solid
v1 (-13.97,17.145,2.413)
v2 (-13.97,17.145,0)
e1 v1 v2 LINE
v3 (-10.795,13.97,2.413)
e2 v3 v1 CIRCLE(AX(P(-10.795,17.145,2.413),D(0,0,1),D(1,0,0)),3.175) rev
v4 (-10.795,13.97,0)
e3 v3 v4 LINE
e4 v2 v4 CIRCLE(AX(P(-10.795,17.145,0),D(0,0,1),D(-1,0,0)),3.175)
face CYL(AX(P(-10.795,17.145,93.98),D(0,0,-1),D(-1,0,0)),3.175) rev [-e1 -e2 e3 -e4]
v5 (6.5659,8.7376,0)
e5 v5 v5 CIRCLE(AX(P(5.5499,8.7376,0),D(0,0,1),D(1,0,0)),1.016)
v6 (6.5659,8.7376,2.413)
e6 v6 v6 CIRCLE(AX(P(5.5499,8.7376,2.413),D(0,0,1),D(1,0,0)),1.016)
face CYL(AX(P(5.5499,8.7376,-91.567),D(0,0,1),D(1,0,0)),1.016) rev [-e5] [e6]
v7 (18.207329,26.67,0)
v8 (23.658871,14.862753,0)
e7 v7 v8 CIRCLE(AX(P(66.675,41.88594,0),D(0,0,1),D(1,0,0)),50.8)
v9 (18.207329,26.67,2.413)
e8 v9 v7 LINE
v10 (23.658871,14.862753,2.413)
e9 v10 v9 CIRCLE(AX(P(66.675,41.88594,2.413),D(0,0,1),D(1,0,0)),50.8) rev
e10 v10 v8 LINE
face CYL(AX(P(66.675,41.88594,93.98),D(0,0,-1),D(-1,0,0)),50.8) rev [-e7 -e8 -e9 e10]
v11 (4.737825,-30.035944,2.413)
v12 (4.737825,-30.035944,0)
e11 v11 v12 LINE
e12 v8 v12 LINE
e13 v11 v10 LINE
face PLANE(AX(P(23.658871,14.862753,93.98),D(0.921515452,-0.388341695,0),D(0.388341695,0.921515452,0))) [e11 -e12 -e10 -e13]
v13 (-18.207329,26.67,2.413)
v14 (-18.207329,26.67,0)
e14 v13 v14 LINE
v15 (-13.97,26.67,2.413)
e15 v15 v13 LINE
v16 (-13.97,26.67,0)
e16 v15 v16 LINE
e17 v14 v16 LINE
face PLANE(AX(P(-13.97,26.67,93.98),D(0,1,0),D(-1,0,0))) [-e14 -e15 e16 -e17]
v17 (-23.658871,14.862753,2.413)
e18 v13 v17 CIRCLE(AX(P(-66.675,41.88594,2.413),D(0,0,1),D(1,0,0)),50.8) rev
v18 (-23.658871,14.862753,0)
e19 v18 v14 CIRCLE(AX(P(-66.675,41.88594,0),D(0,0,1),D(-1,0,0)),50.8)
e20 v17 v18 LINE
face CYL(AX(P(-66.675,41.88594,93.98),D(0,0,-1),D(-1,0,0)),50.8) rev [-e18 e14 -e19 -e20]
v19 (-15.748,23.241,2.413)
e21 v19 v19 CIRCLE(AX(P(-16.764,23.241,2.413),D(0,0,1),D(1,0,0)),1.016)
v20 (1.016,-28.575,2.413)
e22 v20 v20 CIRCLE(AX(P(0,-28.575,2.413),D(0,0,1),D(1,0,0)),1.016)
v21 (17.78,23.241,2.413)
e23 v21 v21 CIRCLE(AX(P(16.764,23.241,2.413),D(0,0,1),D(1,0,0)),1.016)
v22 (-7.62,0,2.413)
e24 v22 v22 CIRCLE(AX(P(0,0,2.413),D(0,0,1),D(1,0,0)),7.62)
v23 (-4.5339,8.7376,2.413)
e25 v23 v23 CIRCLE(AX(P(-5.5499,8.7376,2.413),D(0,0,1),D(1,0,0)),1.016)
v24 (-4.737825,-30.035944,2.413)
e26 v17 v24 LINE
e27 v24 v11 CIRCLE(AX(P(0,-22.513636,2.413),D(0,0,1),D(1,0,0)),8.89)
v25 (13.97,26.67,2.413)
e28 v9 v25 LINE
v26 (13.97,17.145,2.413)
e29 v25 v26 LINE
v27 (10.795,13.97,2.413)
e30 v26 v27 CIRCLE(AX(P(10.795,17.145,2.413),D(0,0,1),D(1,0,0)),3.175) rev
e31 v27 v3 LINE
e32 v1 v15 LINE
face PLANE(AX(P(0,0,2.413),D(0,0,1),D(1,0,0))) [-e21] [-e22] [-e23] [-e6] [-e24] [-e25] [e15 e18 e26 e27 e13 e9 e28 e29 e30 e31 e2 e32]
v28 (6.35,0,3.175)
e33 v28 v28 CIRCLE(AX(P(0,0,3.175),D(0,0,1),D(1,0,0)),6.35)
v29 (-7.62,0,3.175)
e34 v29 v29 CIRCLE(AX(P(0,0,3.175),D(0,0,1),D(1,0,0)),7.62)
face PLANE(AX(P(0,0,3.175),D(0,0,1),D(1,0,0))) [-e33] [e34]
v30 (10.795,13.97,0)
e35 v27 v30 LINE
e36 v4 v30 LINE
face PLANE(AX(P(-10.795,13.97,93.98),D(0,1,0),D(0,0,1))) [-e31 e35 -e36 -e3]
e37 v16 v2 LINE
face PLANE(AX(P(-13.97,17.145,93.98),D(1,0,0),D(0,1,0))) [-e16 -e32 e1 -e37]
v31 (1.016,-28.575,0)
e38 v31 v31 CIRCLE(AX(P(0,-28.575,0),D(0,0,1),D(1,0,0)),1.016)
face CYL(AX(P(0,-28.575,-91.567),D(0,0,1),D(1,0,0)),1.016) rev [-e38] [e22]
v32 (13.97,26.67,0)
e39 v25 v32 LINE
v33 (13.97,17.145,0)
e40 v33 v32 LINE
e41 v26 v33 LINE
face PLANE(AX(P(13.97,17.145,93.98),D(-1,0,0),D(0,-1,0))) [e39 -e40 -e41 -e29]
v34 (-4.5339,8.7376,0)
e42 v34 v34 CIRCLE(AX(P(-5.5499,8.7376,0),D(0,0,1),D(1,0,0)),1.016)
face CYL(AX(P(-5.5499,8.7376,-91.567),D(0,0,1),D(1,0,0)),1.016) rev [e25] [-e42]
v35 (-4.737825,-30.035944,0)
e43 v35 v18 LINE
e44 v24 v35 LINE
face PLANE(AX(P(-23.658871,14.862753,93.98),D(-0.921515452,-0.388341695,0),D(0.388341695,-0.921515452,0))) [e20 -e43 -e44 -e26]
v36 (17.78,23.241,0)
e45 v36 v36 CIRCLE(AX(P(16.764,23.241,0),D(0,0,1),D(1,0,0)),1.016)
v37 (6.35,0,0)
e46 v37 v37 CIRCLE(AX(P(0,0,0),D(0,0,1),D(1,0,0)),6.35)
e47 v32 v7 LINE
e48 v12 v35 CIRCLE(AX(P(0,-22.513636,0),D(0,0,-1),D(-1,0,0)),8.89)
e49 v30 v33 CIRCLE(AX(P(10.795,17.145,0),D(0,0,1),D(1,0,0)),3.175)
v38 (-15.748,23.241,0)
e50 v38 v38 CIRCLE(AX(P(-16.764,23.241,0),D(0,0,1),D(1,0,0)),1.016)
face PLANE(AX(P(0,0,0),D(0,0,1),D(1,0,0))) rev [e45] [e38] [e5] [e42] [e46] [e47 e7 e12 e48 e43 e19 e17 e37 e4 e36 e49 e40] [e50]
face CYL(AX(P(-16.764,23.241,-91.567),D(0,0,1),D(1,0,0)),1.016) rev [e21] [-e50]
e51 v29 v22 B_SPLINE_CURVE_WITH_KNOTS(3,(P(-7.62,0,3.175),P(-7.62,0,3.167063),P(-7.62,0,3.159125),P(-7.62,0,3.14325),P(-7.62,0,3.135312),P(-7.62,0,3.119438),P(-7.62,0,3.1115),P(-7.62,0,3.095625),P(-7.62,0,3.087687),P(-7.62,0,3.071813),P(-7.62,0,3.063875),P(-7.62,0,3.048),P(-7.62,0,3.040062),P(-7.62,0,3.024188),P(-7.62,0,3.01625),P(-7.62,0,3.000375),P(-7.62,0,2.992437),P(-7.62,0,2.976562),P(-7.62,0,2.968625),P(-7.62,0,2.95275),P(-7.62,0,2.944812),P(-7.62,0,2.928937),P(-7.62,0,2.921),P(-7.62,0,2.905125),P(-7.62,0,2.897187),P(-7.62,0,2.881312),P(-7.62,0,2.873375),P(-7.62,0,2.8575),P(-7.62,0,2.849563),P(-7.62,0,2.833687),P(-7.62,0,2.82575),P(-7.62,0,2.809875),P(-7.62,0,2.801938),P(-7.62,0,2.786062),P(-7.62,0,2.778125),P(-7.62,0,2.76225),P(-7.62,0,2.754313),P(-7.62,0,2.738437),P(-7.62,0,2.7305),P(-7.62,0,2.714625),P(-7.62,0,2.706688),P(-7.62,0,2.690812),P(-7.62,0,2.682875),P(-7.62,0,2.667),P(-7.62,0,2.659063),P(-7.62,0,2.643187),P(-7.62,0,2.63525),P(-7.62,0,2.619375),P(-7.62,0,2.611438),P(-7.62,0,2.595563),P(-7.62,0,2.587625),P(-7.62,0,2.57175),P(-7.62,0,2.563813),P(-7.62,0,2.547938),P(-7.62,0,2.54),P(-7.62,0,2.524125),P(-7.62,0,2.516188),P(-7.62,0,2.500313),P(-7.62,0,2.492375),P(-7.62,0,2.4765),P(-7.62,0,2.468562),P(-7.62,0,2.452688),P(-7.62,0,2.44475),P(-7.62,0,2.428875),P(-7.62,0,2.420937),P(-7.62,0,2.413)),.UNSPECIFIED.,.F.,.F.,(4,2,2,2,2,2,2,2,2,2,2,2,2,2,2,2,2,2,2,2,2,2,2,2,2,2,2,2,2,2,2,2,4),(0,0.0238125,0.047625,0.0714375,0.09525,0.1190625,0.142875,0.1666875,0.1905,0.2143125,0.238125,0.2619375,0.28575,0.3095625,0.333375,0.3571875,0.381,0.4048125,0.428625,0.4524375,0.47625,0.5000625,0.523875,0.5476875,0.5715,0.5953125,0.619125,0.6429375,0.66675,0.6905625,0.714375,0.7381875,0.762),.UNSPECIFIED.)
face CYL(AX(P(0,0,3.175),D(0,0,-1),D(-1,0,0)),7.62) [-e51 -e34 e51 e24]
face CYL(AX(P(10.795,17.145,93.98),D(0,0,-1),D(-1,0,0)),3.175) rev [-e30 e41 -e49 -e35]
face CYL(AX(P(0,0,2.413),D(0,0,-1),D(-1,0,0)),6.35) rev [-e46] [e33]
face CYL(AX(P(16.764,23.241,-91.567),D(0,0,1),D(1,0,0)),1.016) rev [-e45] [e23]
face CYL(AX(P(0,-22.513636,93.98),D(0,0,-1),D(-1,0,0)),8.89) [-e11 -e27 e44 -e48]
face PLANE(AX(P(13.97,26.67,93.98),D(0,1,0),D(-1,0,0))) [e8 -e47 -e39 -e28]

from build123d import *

# Parameters (mm, degrees)
SKETCH1_R           = 76.2
SKETCH1_R_2         = 6.35
BOSS_EXTRUDE1_DEPTH = 2.413
SKETCH2_R           = 7.62
SKETCH2_R_2         = 6.35
BOSS_EXTRUDE3_DEPTH = 0.762
SKETCH4_R           = 76.257533764
CUT_EXTRUDE1_DEPTH  = 93.98
SKETCH5_R           = 1.016
CUT_EXTRUDE2_DEPTH  = 93.98


with BuildPart() as part:
    # Sketch1 → Boss-Extrude1 (new body)
    with BuildSketch(Plane.XY):
        Circle(SKETCH1_R)
        Circle(SKETCH1_R_2, mode=Mode.SUBTRACT)
    extrude(amount=BOSS_EXTRUDE1_DEPTH)

    # Sketch2 → Boss-Extrude3 (add)
    with BuildSketch(Plane.XY.offset(2.413)):
        with Locations(Location((0, 0, 0), (0, 0, 180))):
            Circle(SKETCH2_R)
        Circle(SKETCH2_R_2, mode=Mode.SUBTRACT)
    extrude(amount=BOSS_EXTRUDE3_DEPTH)

    # Sketch4 → Cut-Extrude1 (cut)
    with BuildSketch(Plane(origin=(0, 0, 0), x_dir=(-1, 0, 0), z_dir=(0, 0, -1))):
        Circle(SKETCH4_R)
        with BuildLine():
            Line((10.795, 13.97), (-10.795, 13.97))
            ThreePointArc((-10.795, 13.97), (-13.04006403, 14.89993597), (-13.97, 17.145))
            Line((-13.97, 17.145), (-13.97, 26.67))
            Line((-13.97, 26.67), (-18.20732863, 26.67))
            ThreePointArc((-18.20732863, 26.67), (-20.55370118, 20.591203739), (-23.658870968, 14.862752926))
            Line((-23.658870968, 14.862752926), (-4.737825132, -30.035944056))
            ThreePointArc((-4.737825132, -30.035944056), (0, -31.403636364), (4.737825132, -30.035944056))
            Line((4.737825132, -30.035944056), (23.658870968, 14.862752926))
            ThreePointArc((23.658870968, 14.862752926), (20.55370118, 20.591203739), (18.20732863, 26.67))
            Line((18.20732863, 26.67), (13.97, 26.67))
            Line((13.97, 26.67), (13.97, 17.145))
            ThreePointArc((13.97, 17.145), (13.04006403, 14.89993597), (10.795, 13.97))
        make_face(mode=Mode.SUBTRACT)
    extrude(amount=-CUT_EXTRUDE1_DEPTH, mode=Mode.SUBTRACT)

    # Sketch5 → Cut-Extrude2 (cut)
    with BuildSketch(Plane.XY.offset(2.413)):
        with Locations((-16.764, 23.241)):
            Circle(SKETCH5_R)
        with Locations((16.764, 23.241)):
            Circle(SKETCH5_R)
        with Locations((0, -28.575)):
            Circle(SKETCH5_R)
        with Locations((-5.5499, 8.7376)):
            Circle(SKETCH5_R)
        with Locations((5.5499, 8.7376)):
            Circle(SKETCH5_R)
    extrude(amount=-CUT_EXTRUDE2_DEPTH, mode=Mode.SUBTRACT)


solid = part.part
